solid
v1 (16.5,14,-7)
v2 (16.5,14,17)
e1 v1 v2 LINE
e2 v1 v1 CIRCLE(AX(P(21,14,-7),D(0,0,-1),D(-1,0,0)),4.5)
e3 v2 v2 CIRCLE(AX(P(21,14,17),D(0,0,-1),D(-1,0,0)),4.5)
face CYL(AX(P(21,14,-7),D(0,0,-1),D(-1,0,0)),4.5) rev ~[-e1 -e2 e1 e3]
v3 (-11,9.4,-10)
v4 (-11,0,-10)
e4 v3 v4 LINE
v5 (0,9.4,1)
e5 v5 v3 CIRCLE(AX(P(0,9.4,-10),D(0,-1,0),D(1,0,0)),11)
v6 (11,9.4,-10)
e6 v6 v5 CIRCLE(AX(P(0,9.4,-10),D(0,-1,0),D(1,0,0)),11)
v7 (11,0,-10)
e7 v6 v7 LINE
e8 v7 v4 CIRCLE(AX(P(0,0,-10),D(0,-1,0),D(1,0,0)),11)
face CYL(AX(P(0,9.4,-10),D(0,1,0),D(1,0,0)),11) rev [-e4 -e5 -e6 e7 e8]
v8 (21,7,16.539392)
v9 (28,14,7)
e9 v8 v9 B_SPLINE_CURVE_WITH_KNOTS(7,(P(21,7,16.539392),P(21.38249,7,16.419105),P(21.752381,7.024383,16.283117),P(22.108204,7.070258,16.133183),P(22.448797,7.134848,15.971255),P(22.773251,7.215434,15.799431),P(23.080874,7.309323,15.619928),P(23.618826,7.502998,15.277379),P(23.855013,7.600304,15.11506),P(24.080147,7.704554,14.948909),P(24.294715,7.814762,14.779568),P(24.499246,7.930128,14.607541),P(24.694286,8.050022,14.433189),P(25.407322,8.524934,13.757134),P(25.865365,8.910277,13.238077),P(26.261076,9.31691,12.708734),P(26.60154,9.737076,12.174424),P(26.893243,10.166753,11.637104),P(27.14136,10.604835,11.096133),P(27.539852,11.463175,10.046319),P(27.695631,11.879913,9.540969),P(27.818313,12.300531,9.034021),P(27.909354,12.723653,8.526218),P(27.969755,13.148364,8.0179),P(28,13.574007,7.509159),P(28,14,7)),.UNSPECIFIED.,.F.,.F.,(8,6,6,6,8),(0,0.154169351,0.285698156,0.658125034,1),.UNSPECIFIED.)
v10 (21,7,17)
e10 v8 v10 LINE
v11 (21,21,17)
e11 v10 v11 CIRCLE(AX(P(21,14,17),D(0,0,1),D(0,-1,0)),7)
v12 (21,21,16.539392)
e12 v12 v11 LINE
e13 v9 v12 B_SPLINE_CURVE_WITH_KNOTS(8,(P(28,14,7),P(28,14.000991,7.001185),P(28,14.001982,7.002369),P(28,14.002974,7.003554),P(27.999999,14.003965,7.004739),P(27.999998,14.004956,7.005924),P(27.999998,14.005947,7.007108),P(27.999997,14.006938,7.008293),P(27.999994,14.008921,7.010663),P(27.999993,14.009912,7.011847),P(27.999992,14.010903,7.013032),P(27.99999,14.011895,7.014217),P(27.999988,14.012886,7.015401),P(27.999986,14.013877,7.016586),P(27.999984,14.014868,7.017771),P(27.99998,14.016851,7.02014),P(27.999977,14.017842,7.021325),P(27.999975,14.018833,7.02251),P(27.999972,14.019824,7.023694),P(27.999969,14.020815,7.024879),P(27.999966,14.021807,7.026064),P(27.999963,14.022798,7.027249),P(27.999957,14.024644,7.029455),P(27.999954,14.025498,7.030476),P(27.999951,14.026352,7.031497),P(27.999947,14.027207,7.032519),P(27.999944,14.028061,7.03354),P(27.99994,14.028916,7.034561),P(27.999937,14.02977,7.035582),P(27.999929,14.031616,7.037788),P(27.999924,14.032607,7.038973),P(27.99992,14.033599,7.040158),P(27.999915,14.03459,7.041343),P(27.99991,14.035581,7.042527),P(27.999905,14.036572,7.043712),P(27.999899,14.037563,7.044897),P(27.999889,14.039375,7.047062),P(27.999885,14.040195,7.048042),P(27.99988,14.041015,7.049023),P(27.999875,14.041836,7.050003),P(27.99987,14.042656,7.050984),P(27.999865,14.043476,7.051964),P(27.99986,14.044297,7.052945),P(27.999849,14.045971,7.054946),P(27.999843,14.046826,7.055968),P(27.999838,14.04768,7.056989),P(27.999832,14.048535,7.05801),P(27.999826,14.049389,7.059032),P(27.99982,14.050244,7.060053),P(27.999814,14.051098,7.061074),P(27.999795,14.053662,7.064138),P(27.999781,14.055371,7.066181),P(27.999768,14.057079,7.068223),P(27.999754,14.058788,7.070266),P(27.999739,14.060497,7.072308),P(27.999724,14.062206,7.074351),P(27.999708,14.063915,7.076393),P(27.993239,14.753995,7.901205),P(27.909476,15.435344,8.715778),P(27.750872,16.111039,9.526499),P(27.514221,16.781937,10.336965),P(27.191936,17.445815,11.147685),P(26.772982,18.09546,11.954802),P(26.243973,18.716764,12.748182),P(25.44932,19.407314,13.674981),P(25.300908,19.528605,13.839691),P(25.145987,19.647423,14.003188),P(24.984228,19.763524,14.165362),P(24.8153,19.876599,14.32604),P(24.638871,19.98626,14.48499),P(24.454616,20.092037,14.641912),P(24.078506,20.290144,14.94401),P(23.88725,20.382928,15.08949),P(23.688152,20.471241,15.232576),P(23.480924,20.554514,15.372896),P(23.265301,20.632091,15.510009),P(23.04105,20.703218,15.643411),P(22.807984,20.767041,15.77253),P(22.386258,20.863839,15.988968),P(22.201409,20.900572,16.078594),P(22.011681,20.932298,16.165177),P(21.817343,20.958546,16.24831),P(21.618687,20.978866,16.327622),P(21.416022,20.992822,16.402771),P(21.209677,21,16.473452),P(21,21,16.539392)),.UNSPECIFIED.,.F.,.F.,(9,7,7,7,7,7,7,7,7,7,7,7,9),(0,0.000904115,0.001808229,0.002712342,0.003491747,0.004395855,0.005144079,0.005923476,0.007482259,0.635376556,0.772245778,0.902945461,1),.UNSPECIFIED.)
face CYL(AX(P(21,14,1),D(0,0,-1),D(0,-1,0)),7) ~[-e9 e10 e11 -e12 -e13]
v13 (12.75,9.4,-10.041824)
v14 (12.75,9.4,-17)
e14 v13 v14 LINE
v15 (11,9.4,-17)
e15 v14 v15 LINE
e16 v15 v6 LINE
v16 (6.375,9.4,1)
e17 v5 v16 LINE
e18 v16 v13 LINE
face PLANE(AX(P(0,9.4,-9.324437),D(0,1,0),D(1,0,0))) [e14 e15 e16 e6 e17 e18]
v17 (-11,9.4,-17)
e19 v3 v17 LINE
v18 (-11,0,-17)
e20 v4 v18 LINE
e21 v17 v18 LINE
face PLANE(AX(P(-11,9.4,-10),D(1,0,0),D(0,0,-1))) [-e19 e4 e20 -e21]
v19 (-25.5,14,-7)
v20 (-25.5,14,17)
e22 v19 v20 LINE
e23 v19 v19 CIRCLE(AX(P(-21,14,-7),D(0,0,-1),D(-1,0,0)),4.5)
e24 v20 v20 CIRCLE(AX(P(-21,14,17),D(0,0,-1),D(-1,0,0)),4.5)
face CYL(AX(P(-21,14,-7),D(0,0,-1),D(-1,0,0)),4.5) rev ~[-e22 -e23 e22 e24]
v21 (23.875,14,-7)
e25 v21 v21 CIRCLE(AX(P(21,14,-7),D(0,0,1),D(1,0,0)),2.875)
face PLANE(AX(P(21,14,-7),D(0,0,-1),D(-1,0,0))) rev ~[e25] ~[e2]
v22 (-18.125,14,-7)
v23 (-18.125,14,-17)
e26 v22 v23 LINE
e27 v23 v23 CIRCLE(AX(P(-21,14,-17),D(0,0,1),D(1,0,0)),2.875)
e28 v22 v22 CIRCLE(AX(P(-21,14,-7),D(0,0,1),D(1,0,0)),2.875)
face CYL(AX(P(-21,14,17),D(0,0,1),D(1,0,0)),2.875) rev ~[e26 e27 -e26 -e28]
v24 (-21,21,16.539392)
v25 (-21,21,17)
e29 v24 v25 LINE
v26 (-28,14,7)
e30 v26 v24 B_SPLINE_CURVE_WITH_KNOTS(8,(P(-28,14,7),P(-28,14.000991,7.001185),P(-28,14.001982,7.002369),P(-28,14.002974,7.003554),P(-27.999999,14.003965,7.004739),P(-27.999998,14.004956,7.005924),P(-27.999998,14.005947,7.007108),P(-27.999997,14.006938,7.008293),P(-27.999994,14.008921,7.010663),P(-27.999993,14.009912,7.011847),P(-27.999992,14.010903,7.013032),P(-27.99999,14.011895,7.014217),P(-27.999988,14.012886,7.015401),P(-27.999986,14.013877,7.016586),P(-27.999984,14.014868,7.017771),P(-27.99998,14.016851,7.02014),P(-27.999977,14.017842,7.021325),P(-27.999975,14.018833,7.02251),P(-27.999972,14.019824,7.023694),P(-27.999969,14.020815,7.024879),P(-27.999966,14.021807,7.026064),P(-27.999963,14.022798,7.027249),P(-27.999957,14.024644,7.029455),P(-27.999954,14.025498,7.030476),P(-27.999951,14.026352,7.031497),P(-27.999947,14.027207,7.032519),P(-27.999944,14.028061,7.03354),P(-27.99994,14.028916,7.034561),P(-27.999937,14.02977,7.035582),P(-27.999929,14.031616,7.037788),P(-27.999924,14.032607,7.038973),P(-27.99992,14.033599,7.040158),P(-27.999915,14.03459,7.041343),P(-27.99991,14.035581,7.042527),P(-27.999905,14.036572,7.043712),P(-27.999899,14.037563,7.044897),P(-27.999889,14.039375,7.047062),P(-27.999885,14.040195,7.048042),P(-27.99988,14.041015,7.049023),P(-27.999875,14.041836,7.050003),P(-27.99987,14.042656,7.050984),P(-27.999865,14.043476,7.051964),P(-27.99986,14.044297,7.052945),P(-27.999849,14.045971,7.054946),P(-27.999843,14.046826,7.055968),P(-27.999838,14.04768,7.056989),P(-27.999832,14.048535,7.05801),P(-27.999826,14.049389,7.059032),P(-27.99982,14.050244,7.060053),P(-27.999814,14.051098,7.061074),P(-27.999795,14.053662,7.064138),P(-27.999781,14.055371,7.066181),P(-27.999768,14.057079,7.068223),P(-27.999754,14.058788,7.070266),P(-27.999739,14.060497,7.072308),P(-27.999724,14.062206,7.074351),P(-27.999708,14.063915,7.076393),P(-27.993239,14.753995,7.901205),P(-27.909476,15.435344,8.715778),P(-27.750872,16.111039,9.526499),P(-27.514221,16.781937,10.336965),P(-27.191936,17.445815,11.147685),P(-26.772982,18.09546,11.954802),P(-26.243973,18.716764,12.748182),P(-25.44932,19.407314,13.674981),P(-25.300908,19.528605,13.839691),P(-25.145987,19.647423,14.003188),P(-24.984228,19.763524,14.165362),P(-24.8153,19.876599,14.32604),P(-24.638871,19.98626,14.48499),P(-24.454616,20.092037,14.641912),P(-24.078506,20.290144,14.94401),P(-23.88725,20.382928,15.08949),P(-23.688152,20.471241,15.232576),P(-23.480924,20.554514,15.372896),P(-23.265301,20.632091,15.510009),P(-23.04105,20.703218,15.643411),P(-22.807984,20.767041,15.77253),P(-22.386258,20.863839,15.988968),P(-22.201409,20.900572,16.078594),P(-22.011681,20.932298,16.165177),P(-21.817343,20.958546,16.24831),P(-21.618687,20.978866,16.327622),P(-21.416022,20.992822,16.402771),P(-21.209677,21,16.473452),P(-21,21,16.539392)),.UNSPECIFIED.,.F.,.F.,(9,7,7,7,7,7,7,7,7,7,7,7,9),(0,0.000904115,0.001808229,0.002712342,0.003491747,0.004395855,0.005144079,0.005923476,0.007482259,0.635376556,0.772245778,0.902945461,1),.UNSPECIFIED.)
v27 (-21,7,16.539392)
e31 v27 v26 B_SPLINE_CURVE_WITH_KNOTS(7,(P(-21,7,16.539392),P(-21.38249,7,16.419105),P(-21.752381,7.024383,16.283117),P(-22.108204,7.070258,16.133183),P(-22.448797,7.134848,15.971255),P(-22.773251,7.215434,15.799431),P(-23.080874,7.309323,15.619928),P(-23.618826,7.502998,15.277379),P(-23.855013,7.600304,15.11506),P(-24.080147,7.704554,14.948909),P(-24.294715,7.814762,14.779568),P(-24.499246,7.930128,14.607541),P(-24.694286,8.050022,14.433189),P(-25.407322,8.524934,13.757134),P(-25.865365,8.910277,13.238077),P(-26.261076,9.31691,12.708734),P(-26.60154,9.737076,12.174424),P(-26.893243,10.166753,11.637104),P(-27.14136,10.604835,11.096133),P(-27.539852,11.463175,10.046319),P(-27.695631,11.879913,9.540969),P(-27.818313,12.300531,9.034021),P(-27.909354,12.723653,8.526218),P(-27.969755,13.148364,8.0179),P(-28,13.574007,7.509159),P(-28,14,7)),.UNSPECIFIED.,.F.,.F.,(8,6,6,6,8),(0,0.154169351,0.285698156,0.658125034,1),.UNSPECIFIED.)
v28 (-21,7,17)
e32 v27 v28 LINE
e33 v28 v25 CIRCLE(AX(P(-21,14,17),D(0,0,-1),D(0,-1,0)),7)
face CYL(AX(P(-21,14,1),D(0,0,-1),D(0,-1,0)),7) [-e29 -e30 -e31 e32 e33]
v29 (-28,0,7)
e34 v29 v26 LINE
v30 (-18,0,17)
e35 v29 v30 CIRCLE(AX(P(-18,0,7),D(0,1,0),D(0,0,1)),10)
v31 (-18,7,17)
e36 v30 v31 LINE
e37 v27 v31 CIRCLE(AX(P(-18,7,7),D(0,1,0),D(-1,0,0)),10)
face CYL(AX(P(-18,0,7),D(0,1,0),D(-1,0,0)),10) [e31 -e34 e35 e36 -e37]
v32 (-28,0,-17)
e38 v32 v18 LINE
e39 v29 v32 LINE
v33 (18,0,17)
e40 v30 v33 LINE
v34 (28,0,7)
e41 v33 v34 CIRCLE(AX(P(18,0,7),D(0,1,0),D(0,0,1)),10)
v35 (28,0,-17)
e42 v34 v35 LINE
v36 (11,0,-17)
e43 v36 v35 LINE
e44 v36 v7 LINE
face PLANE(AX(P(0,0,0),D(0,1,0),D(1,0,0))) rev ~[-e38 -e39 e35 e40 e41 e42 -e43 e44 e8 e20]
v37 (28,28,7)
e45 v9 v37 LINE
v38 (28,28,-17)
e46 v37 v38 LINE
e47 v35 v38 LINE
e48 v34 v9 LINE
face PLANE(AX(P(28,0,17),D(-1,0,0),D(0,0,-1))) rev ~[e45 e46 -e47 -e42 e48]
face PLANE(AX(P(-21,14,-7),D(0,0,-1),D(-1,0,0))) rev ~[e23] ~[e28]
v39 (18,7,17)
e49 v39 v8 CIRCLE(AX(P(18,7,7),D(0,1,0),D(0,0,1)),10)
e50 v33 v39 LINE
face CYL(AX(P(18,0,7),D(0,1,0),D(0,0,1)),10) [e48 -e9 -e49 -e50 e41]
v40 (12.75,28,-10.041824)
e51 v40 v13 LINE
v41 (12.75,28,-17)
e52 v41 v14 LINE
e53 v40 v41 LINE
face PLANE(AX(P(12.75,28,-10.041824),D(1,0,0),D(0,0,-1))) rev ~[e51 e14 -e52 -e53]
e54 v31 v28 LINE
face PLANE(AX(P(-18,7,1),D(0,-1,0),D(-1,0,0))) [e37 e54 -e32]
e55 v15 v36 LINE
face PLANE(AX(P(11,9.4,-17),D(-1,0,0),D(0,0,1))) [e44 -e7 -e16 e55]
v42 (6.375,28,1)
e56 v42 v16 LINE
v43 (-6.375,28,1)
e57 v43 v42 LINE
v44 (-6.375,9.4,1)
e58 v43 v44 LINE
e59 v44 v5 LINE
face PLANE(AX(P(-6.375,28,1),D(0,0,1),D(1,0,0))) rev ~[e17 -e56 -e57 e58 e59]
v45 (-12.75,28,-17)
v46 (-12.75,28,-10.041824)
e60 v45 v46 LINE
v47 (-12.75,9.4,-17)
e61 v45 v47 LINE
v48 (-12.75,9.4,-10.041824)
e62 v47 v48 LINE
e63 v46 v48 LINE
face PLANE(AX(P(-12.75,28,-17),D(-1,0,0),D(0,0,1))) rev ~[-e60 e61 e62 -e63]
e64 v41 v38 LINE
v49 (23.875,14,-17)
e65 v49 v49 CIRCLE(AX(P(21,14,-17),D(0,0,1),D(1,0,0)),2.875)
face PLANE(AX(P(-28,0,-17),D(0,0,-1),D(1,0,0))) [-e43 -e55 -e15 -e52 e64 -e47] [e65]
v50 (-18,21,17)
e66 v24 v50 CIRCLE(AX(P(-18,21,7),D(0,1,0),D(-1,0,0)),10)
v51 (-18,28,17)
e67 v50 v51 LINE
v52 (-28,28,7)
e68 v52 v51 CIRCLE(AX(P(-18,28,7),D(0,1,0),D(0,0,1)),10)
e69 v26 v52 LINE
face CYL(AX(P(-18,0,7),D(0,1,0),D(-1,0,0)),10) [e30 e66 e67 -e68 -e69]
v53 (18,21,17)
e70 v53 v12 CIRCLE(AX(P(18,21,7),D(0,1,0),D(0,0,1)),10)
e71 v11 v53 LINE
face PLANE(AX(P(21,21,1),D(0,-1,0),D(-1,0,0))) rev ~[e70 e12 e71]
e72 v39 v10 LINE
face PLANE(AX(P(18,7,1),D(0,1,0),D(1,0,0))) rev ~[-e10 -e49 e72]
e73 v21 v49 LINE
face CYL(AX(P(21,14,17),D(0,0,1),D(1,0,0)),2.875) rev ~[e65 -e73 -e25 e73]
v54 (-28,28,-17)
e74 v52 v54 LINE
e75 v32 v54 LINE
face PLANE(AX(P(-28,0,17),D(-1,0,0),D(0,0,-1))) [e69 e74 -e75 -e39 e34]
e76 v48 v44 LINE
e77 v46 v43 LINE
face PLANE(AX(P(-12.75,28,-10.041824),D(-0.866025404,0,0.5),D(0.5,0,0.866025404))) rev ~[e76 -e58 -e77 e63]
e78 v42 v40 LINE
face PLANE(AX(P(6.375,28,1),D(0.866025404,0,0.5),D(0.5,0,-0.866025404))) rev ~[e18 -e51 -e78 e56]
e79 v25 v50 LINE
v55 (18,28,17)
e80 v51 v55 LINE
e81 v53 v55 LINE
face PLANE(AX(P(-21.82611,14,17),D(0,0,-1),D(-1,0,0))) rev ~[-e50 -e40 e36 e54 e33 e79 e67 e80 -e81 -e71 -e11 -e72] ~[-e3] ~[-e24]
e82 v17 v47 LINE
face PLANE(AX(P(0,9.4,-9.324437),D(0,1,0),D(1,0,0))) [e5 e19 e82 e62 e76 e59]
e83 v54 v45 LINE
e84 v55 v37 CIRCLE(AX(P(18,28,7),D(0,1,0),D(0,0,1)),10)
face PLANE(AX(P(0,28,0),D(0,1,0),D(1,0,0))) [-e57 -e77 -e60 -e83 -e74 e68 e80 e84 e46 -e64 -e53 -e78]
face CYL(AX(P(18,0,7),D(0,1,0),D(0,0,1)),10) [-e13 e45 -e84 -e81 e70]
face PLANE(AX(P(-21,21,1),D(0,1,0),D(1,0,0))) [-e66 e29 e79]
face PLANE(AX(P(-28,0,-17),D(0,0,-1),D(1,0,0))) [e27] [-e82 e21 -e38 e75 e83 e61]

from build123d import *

# Parameters (mm, degrees)
SKETCH1_W           = 56
SKETCH1_H           = 34
BOSS_EXTRUDE1_DEPTH = 28
CUT_EXTRUDE1_DEPTH  = 18.6
CUT_EXTRUDE2_DEPTH  = 9.4
FILLET1_R           = 10
BOSS_EXTRUDE2_DEPTH = 16
SKETCH6_R           = 2.875
CUT_EXTRUDE3_DEPTH  = 34
SKETCH8_R           = 4.5
CUT_EXTRUDE4_DEPTH  = 24


with BuildPart() as part:
    # Sketch1 → Boss-Extrude1 (new body)
    with BuildSketch(Plane(origin=(0, 0, 0), x_dir=(1, 0, 0), z_dir=(0, 1, 0))):
        Rectangle(SKETCH1_W, SKETCH1_H)
    extrude(amount=BOSS_EXTRUDE1_DEPTH)

    # Sketch2 → Cut-Extrude1 (cut)
    with BuildSketch(Plane(origin=(0, 28, 0), x_dir=(1, 0, 0), z_dir=(0, 1, 0))):
        Polygon((-12.75, 10.041823898), (-6.375, -1), (6.375, -1), (12.75, 10.041823898), (12.75, 17), (-12.75, 17), align=None)
    extrude(amount=-CUT_EXTRUDE1_DEPTH, mode=Mode.SUBTRACT)

    # Sketch3 → Cut-Extrude2 (cut)
    with BuildSketch(Plane(origin=(0, 9.4, 0), x_dir=(1, 0, 0), z_dir=(0, 1, 0))):
        with BuildLine():
            Line((-11, 10), (-11, 17))
            Line((-11, 17), (11, 17))
            Line((11, 17), (11, 10))
            ThreePointArc((11, 10), (0, -1), (-11, 10))
        make_face()
    extrude(amount=-CUT_EXTRUDE2_DEPTH, mode=Mode.SUBTRACT)

    # Fillet1
    fillet1_edges = [part.edges().sort_by_distance(p)[0] for p in [
        (28, 14, 17),
        (-28, 14, 17),
    ]]
    fillet(fillet1_edges, radius=FILLET1_R)

    # Sketch5 → Boss-Extrude2 (add)
    with BuildSketch(Plane(origin=(0, 0, 1), x_dir=(-1, 0, 0), z_dir=(0, 0, -1))):
        with BuildLine():
            Line((18, 21), (18, 7))
            Line((18, 7), (21, 7))
            ThreePointArc((21, 7), (28, 14), (21, 21))
            Line((21, 21), (18, 21))
        make_face()
        with BuildLine():
            Line((-18, 7), (-21, 7))
            ThreePointArc((-21, 7), (-28, 14), (-21, 21))
            Line((-21, 21), (-18, 21))
            Line((-18, 21), (-18, 7))
        make_face()
    extrude(amount=-BOSS_EXTRUDE2_DEPTH)

    # Sketch6 → Cut-Extrude3 (cut)
    with BuildSketch(Plane.XY.offset(17)):
        with Locations((-21, 14)):
            Circle(SKETCH6_R)
        with Locations((21, 14)):
            Circle(SKETCH6_R)
    extrude(amount=-CUT_EXTRUDE3_DEPTH, mode=Mode.SUBTRACT)

    # Sketch8 → Cut-Extrude4 (cut)
    with BuildSketch(Plane(origin=(0, 0, -7), x_dir=(-1, 0, 0), z_dir=(0, 0, -1))):
        with Locations((21, 14)):
            Circle(SKETCH8_R)
        with Locations((-21, 14)):
            Circle(SKETCH8_R)
    extrude(amount=-CUT_EXTRUDE4_DEPTH, mode=Mode.SUBTRACT)


solid = part.part
